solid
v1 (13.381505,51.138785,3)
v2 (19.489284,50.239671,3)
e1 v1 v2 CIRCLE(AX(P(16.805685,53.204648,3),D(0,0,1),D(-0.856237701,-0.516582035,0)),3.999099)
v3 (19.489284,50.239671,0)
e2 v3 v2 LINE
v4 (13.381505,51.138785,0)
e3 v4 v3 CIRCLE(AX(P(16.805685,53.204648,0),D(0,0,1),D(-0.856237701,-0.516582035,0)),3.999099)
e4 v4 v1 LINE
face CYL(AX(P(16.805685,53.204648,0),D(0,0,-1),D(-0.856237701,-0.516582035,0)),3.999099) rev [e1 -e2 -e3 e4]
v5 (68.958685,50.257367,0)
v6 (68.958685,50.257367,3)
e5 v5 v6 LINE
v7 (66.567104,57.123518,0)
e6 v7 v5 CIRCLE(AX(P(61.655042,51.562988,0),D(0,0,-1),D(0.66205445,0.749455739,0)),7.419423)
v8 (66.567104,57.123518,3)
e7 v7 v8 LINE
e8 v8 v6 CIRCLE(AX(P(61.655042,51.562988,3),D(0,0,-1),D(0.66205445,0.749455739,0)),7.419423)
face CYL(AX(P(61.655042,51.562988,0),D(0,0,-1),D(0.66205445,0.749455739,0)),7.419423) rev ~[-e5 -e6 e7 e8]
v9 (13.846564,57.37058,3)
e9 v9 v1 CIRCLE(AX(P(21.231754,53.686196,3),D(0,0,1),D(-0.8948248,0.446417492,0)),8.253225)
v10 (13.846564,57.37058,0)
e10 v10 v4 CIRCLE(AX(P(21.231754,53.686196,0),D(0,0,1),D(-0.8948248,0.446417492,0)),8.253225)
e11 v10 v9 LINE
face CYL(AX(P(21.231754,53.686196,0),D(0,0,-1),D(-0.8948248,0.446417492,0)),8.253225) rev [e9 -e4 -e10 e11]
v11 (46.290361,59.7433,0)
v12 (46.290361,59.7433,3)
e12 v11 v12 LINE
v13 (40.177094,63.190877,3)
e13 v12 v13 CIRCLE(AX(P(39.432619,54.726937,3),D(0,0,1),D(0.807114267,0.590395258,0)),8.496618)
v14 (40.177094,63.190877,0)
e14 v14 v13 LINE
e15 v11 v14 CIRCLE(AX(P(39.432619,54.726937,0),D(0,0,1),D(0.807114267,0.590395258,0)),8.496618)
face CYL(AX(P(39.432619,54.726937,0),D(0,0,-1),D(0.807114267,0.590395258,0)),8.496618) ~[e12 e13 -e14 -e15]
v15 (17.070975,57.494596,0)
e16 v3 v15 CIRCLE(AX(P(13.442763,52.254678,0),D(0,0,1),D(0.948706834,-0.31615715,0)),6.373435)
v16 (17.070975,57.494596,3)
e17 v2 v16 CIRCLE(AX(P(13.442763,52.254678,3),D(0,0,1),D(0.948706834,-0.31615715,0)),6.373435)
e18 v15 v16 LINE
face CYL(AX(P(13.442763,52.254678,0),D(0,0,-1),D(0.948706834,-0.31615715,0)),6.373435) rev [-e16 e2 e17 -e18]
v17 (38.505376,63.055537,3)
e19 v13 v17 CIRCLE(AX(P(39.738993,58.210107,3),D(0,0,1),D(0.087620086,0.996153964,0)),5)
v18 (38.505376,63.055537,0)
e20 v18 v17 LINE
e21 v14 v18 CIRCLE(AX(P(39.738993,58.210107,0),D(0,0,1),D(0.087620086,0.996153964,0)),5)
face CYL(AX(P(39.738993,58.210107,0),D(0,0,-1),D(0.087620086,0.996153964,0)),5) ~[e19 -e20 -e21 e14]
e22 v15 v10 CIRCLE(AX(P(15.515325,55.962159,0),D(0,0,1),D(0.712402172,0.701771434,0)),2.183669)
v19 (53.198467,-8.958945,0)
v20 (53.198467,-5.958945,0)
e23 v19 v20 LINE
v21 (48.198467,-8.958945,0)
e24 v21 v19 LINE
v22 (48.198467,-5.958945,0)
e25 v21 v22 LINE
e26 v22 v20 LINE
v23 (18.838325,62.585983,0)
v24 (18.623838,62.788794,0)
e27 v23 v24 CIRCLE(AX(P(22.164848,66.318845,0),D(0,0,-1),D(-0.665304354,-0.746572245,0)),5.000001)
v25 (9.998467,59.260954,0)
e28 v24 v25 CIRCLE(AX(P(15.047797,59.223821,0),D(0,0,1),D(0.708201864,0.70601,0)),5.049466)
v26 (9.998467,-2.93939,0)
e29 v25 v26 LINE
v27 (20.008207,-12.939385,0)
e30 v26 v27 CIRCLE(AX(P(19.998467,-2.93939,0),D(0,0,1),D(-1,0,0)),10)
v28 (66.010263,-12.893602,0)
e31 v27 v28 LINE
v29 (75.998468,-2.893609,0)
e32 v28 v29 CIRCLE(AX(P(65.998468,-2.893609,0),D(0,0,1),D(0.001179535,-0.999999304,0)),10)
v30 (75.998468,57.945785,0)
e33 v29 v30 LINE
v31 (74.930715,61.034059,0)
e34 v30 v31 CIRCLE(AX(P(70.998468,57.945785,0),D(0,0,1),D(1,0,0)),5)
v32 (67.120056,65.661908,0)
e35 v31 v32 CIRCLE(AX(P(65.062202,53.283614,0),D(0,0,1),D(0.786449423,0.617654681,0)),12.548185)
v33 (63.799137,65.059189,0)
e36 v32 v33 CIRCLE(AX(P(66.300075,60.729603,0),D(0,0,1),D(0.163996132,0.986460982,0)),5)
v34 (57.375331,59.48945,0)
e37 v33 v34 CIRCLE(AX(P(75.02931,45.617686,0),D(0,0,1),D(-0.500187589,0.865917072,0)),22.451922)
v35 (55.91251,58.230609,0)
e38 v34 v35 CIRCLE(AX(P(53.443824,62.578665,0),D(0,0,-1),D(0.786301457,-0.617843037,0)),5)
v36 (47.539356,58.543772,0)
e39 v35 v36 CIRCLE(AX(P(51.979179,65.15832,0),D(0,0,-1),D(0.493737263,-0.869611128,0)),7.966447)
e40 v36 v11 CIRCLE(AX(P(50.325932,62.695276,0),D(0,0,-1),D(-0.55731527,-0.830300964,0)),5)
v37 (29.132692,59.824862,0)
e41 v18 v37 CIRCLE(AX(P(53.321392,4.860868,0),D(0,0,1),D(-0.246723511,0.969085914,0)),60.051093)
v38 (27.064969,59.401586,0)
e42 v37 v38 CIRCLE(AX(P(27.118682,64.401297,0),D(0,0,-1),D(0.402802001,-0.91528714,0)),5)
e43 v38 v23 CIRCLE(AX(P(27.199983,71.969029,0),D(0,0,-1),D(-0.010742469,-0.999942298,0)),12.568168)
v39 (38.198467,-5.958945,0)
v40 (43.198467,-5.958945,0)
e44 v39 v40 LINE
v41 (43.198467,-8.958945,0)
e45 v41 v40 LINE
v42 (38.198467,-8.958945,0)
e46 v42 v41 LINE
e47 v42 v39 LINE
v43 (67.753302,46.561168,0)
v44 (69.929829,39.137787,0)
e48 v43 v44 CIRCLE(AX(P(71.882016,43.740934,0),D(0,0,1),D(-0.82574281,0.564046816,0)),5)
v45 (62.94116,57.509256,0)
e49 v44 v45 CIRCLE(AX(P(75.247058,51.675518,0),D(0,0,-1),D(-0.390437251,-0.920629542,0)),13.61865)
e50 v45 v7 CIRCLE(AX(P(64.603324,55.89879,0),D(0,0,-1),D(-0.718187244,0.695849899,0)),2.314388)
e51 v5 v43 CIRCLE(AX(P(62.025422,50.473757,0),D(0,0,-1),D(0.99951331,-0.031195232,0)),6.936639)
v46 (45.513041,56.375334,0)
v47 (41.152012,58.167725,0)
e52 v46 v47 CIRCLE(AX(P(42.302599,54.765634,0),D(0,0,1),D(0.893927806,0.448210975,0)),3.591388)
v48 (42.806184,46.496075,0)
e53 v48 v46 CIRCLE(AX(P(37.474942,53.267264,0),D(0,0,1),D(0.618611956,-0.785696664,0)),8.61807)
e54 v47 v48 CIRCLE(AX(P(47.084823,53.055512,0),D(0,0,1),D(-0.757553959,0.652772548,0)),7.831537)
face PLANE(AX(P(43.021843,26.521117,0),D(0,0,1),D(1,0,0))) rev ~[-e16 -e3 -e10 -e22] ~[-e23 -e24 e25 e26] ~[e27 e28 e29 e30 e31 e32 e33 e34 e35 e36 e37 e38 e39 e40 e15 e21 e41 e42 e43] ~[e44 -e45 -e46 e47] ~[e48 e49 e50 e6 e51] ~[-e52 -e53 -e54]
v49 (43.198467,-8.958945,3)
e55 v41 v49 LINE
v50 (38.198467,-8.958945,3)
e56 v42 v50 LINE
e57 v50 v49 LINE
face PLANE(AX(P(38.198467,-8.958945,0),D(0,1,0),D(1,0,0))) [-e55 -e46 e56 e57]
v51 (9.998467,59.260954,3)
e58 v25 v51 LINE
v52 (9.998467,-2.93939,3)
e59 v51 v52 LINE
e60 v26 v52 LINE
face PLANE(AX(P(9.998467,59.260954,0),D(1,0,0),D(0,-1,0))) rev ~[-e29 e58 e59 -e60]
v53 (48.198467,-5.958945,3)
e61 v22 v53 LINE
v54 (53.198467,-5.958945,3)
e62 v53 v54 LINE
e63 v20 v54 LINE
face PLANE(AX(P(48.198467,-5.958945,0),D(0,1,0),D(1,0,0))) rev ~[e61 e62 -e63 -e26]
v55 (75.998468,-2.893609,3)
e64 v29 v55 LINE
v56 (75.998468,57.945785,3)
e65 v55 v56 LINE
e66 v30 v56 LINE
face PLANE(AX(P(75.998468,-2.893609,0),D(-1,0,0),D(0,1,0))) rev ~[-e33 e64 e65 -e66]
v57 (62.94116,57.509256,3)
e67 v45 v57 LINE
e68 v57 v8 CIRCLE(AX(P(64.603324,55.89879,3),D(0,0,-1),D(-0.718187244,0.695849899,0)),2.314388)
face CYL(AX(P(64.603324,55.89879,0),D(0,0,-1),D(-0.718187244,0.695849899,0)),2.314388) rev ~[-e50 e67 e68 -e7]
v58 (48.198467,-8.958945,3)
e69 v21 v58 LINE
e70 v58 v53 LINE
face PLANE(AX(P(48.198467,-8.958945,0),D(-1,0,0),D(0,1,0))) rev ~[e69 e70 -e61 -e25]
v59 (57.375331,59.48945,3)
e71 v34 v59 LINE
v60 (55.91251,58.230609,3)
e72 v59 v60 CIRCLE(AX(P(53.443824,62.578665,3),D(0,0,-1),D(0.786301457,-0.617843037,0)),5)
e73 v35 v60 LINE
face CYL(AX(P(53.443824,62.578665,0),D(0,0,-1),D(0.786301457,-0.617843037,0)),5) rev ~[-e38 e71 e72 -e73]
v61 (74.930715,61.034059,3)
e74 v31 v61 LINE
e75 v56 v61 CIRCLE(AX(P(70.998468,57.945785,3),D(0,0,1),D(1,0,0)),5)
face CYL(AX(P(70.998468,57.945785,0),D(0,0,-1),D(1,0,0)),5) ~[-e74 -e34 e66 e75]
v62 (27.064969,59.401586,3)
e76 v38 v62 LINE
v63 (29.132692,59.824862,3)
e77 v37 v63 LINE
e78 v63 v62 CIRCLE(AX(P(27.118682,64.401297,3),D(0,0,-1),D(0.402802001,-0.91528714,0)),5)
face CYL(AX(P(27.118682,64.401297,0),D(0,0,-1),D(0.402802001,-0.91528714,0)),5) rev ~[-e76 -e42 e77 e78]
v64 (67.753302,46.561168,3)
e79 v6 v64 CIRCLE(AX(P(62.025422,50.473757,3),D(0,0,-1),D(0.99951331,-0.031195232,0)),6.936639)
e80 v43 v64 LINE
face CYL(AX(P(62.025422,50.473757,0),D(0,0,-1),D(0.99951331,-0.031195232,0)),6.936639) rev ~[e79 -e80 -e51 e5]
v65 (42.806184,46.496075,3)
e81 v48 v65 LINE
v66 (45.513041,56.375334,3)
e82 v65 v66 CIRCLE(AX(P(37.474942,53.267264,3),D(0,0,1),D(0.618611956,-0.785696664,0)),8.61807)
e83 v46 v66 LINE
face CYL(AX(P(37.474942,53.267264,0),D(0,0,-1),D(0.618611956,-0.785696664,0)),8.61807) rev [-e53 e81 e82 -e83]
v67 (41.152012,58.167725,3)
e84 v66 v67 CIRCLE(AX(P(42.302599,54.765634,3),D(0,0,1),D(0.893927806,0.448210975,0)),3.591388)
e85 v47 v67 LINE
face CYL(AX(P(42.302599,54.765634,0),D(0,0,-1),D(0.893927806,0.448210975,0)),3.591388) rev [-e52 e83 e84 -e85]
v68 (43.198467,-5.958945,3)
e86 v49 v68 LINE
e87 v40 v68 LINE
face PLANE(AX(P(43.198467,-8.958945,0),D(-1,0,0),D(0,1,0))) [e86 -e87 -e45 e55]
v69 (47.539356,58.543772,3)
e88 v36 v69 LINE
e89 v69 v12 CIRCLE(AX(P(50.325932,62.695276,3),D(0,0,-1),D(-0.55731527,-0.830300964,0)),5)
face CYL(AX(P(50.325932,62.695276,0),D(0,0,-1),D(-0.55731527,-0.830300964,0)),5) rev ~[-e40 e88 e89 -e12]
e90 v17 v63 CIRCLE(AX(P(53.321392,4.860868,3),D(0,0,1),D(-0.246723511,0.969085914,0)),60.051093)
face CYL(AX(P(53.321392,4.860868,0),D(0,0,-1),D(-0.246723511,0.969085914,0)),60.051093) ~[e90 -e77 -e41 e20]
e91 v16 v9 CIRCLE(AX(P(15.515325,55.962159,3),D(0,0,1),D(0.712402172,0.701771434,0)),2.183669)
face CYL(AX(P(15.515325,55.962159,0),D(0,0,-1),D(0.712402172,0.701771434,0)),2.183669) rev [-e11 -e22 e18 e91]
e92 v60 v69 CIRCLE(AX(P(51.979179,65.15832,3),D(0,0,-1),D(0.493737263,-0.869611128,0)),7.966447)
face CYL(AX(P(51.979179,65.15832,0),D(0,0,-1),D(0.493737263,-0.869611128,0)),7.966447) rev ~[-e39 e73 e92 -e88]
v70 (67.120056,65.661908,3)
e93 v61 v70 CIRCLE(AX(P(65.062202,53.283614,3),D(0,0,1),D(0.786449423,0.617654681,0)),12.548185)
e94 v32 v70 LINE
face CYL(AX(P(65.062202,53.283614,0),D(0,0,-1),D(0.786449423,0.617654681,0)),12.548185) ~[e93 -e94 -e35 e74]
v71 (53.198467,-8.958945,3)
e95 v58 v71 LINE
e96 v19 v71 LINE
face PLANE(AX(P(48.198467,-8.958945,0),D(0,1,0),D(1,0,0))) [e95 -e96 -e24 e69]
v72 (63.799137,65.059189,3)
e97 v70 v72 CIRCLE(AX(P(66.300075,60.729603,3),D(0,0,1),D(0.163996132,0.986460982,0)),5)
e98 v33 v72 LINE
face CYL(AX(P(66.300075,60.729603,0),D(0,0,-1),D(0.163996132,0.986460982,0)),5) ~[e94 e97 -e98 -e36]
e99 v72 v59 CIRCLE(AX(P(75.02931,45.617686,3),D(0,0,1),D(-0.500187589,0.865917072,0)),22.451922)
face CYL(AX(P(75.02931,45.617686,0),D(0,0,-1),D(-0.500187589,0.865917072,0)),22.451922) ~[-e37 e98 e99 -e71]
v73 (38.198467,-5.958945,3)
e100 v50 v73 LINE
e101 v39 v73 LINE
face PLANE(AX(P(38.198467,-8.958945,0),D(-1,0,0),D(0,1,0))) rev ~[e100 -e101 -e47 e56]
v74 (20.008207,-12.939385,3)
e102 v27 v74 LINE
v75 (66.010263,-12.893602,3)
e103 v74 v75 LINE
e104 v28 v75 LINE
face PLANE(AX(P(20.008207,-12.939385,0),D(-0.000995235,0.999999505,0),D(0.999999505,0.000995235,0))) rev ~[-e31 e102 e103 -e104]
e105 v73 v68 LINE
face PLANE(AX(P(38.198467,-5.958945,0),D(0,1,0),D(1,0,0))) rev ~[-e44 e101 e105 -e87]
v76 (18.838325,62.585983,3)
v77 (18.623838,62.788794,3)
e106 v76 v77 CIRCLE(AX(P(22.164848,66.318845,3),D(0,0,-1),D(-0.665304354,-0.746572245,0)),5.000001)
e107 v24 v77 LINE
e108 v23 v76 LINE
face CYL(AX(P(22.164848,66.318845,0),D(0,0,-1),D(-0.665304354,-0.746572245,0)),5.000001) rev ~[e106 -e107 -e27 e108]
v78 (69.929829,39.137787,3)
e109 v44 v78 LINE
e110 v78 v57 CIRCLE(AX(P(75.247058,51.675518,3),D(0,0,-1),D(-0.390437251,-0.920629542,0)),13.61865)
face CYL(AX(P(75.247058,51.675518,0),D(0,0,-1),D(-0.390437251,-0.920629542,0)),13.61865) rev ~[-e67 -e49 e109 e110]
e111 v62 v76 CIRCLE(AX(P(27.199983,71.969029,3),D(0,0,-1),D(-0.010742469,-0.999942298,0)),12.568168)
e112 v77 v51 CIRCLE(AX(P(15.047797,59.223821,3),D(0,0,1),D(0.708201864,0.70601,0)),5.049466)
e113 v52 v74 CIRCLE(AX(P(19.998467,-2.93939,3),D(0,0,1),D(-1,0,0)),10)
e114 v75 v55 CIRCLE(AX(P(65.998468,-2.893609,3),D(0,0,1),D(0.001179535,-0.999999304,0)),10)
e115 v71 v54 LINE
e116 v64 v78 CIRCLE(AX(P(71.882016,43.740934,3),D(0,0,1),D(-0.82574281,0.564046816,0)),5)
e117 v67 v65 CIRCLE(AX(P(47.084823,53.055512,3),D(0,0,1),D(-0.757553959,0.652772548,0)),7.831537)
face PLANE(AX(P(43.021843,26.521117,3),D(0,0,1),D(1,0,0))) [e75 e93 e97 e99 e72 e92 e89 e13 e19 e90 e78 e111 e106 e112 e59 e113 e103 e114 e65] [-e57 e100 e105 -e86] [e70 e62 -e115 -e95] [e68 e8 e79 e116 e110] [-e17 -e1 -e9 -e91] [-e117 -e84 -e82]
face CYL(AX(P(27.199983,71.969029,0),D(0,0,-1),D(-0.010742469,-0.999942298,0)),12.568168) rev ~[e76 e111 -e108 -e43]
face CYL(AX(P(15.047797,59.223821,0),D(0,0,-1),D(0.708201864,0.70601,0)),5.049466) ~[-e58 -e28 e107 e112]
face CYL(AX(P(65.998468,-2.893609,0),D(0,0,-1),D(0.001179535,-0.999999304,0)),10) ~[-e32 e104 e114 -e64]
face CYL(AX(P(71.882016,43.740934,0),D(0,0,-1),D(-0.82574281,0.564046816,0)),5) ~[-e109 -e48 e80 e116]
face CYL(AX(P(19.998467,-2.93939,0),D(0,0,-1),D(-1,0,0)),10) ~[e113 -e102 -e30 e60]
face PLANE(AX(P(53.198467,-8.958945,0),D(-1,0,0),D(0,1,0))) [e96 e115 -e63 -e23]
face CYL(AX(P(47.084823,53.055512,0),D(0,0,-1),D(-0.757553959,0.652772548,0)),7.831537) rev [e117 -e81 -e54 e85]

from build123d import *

# Parameters (mm, degrees)
MODEL_W                 = 5
MODEL_H                 = 3
SALIENTE_EXTRUIR1_DEPTH = 3


with BuildPart() as part:
    # Model → Saliente-Extruir1 (new body)
    with BuildSketch(Plane.XY):
        with BuildLine():
            Line((20.008207432, -12.939384908), (66.010263245, -12.893602043))
            ThreePointArc((66.010263245, -12.893602043), (73.073704766, -9.960505296), (75.998467898, -2.893608999))
            Line((75.998467898, -2.893608999), (75.998467898, 57.945785177))
            ThreePointArc((75.998467898, 57.945785177), (75.723996205, 59.579609591), (74.930715011, 61.034058584))
            ThreePointArc((74.930715011, 61.034058584), (71.458592106, 64.079128283), (67.120056098, 65.661908193))
            ThreePointArc((67.120056098, 65.661908193), (65.407202512, 65.649235175), (63.799137493, 65.059188646))
            ThreePointArc((63.799137493, 65.059188646), (60.321181429, 62.581168885), (57.375331255, 59.489449773))
            ThreePointArc((57.375331255, 59.489449773), (56.705233076, 58.78878229), (55.912510286, 58.230609316))
            ThreePointArc((55.912510286, 58.230609316), (51.681435493, 57.197439234), (47.539355907, 58.543771667))
            ThreePointArc((47.539355907, 58.543771667), (46.862531917, 59.089051576), (46.290360926, 59.743300191))
            ThreePointArc((46.290360926, 59.743300191), (43.606330835, 62.127791891), (40.177093566, 63.190877002))
            ThreePointArc((40.177093566, 63.190877002), (39.335519322, 63.193801481), (38.505375583, 63.055536752))
            ThreePointArc((38.505375583, 63.055536752), (33.752250549, 61.633947137), (29.132691698, 59.824861555))
            ThreePointArc((29.132691698, 59.824861555), (28.121419114, 59.502877339), (27.064969356, 59.401585766))
            ThreePointArc((27.064969356, 59.401585766), (22.663084015, 60.24830335), (18.838325452, 62.585983217))
            ThreePointArc((18.838325452, 62.585983217), (18.72958465, 62.685805621), (18.623837896, 62.788794446))
            ThreePointArc((18.623837896, 62.788794446), (13.136237234, 63.897475715), (9.998466828, 59.260954168))
            Line((9.998466828, 59.260954168), (9.998466828, 49.801714137))
            Line((9.998466828, 49.801714137), (9.998466828, 5.563187374))
            Line((9.998466828, 5.563187374), (9.998466828, -2.939389652))
            ThreePointArc((9.998466828, -2.939389652), (12.930843678, -10.013900449), (20.008207432, -12.939384908))
        make_face()
        with Locations((40.698466828, -7.45894512)):
            Rectangle(MODEL_W, MODEL_H, mode=Mode.SUBTRACT)
        with Locations((50.698466828, -7.45894512)):
            Rectangle(MODEL_W, MODEL_H, mode=Mode.SUBTRACT)
        with BuildLine():
            ThreePointArc((13.38150499, 51.138785491), (16.223261536, 49.248187955), (19.489283729, 50.239670854))
            ThreePointArc((19.489283729, 50.239670854), (19.489133726, 54.270134742), (17.070975396, 57.494595853))
            ThreePointArc((17.070975396, 57.494595853), (15.431399569, 58.144215006), (13.846564285, 57.370580041))
            ThreePointArc((13.846564285, 57.370580041), (13.001415993, 54.300400575), (13.38150499, 51.138785491))
        make_face(mode=Mode.SUBTRACT)
        with BuildLine():
            ThreePointArc((42.8061835, 46.49607523), (45.78666607, 50.989901686), (45.513041105, 56.375334067))
            ThreePointArc((45.513041105, 56.375334067), (43.667852236, 58.087404125), (41.152011526, 58.167724535))
            ThreePointArc((41.152011526, 58.167724535), (39.330773735, 51.956564499), (42.8061835, 46.49607523))
        make_face(mode=Mode.SUBTRACT)
        with BuildLine():
            ThreePointArc((67.753301624, 46.561168422), (67.083996664, 42.334160171), (69.92982942, 39.137786632))
            ThreePointArc((69.92982942, 39.137786632), (62.518296186, 46.833384565), (62.941159785, 57.509256371))
            ThreePointArc((62.941159785, 57.509256371), (64.848153818, 58.200191525), (66.567104331, 57.123517589))
            ThreePointArc((66.567104331, 57.123517589), (68.661600931, 54.003474992), (68.958684777, 50.257367279))
            ThreePointArc((68.958684777, 50.257367279), (68.620238398, 48.323093723), (67.753301624, 46.561168422))
        make_face(mode=Mode.SUBTRACT)
    extrude(amount=SALIENTE_EXTRUIR1_DEPTH)


solid = part.part
